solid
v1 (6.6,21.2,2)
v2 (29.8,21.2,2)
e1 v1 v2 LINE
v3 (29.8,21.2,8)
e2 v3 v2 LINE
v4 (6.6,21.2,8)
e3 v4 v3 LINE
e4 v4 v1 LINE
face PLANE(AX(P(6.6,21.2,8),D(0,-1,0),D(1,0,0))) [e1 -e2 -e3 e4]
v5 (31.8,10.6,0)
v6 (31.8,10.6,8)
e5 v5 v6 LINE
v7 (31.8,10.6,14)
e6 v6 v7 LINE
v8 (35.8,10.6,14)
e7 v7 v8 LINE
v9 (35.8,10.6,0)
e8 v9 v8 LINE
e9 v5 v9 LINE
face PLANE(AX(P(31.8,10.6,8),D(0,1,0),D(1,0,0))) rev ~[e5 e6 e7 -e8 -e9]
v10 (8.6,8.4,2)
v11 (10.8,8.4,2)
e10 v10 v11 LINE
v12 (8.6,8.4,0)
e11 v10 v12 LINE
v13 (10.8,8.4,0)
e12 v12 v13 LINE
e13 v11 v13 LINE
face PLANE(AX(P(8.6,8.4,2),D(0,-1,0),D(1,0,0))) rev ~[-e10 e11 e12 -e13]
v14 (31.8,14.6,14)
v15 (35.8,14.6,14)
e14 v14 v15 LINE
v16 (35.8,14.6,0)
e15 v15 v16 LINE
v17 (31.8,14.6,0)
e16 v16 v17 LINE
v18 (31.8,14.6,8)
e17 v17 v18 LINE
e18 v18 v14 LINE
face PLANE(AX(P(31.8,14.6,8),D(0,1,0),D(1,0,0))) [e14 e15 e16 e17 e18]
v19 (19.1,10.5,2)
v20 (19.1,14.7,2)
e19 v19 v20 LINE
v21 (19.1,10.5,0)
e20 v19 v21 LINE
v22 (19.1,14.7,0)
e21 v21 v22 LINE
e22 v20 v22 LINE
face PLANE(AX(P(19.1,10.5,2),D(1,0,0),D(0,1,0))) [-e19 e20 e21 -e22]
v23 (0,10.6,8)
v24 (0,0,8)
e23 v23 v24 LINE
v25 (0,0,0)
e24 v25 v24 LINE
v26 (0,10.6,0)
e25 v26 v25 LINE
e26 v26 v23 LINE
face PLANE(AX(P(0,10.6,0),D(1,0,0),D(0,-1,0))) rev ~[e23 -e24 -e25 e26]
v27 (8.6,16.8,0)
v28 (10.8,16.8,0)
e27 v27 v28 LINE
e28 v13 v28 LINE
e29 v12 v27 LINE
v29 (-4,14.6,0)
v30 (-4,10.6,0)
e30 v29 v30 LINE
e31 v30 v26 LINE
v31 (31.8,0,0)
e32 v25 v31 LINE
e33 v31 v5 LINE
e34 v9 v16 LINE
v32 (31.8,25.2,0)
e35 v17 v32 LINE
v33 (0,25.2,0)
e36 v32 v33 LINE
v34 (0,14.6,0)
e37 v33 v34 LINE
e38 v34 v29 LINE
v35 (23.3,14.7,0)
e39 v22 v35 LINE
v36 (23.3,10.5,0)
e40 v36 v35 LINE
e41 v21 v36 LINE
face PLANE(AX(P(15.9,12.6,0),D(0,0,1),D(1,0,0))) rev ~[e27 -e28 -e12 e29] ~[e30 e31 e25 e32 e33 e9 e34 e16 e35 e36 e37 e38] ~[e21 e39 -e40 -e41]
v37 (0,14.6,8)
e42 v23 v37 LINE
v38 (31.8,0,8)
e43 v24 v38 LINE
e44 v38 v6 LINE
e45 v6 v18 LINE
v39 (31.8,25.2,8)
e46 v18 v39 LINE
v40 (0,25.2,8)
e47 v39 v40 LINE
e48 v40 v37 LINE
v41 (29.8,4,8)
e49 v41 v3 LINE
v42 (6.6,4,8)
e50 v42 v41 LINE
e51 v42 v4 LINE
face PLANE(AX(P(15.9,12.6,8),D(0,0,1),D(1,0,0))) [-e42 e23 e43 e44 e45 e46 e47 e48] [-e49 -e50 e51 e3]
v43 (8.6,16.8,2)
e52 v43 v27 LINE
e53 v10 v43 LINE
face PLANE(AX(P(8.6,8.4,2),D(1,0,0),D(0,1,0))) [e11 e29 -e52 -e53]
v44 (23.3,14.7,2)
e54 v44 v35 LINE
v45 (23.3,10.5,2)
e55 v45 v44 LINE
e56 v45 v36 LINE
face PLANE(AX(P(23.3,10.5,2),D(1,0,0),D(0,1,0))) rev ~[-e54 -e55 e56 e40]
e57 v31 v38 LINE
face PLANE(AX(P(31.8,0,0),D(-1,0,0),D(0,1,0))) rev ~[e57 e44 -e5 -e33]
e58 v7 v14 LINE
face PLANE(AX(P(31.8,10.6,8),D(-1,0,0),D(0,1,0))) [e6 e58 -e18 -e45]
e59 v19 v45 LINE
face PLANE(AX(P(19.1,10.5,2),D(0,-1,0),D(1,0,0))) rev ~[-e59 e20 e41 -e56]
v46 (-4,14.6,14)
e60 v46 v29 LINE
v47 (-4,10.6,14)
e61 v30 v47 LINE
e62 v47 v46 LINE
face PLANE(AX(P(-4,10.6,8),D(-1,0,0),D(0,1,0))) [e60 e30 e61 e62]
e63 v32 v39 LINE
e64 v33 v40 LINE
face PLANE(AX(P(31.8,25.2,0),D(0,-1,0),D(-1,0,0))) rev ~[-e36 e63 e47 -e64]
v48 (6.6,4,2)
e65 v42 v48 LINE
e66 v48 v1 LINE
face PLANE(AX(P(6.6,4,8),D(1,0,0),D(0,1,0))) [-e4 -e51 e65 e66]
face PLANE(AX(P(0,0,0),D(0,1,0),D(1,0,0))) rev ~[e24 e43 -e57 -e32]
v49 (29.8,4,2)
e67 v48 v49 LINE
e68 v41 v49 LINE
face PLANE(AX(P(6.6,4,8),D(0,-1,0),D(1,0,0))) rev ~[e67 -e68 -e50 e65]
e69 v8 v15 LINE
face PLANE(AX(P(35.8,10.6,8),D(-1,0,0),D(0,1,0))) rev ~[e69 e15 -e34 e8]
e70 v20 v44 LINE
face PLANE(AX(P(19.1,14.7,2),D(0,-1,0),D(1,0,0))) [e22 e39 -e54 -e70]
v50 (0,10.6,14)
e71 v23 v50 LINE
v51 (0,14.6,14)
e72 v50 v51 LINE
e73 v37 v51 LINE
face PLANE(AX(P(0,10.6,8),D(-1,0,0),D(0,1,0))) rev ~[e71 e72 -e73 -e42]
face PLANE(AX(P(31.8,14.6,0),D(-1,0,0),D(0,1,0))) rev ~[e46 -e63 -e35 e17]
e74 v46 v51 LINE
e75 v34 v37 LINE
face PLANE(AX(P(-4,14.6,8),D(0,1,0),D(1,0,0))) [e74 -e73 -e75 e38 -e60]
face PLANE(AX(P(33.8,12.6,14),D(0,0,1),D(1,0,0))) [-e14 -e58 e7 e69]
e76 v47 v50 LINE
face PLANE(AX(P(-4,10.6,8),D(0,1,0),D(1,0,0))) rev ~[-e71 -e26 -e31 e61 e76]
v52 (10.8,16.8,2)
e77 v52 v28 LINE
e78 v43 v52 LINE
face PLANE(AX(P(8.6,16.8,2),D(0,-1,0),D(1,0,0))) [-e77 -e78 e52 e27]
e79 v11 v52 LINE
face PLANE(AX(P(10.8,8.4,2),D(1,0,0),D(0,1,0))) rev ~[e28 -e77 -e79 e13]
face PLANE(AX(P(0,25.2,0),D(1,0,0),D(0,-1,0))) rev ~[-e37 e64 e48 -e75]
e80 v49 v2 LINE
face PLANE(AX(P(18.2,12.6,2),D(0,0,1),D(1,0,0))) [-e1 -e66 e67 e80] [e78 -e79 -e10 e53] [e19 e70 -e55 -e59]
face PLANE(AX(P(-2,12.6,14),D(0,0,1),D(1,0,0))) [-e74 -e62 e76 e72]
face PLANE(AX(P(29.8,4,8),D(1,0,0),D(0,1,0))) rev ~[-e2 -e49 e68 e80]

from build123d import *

# Parameters (mm, degrees)
PAD_DEPTH       = 8
SKETCH003_W     = 23.2
SKETCH003_H     = 17.2
POCKET_DEPTH    = 6
SKETCH005_W     = 2.2
SKETCH005_H     = 8.4
POCKET001_DEPTH = 7
SKETCH006_W     = 4.2
SKETCH006_H     = 4.2
POCKET002_DEPTH = 5
SKETCH007_W     = 4
SKETCH007_H     = 4
PAD001_DEPTH    = 6
SKETCH008_W     = 4
SKETCH008_H     = 4
PAD002_DEPTH    = 6


with BuildPart() as part:
    # Sketch → Pad (new body)
    with BuildSketch(Plane.XY):
        Polygon((-4, 14.6), (-4, 10.6), (0, 10.6), (0, 0), (31.8, 0), (31.8, 10.6), (35.8, 10.6), (35.8, 14.6), (31.8, 14.6), (31.8, 25.2), (0, 25.2), (0, 14.6), align=None)
    extrude(amount=PAD_DEPTH)

    # Sketch003 (on DatumPlane) → Pocket (cut)
    with BuildSketch(Plane.XY.offset(8)):
        with Locations((18.2, 12.6)):
            Rectangle(SKETCH003_W, SKETCH003_H)
    extrude(amount=-POCKET_DEPTH, mode=Mode.SUBTRACT)

    # Sketch005 (on DatumPlane) → Pocket001 (cut)
    with BuildSketch(Plane.XY.offset(2)):
        with Locations((9.7, 12.6)):
            Rectangle(SKETCH005_W, SKETCH005_H)
    extrude(amount=-POCKET001_DEPTH, mode=Mode.SUBTRACT)

    # Sketch006 (on DatumPlane) → Pocket002 (cut)
    with BuildSketch(Plane.XY.offset(2)):
        with Locations((21.2, 12.6)):
            Rectangle(SKETCH006_W, SKETCH006_H)
    extrude(amount=-POCKET002_DEPTH, mode=Mode.SUBTRACT)

    # Sketch007 (on DatumPlane) → Pad001 (join)
    with BuildSketch(Plane.XY.offset(8)):
        with Locations((-2, 12.6)):
            Rectangle(SKETCH007_W, SKETCH007_H)
    extrude(amount=PAD001_DEPTH)

    # Sketch008 (on DatumPlane) → Pad002 (join)
    with BuildSketch(Plane.XY.offset(8)):
        with Locations((33.8, 12.6)):
            Rectangle(SKETCH008_W, SKETCH008_H)
    extrude(amount=PAD002_DEPTH)


solid = part.part
